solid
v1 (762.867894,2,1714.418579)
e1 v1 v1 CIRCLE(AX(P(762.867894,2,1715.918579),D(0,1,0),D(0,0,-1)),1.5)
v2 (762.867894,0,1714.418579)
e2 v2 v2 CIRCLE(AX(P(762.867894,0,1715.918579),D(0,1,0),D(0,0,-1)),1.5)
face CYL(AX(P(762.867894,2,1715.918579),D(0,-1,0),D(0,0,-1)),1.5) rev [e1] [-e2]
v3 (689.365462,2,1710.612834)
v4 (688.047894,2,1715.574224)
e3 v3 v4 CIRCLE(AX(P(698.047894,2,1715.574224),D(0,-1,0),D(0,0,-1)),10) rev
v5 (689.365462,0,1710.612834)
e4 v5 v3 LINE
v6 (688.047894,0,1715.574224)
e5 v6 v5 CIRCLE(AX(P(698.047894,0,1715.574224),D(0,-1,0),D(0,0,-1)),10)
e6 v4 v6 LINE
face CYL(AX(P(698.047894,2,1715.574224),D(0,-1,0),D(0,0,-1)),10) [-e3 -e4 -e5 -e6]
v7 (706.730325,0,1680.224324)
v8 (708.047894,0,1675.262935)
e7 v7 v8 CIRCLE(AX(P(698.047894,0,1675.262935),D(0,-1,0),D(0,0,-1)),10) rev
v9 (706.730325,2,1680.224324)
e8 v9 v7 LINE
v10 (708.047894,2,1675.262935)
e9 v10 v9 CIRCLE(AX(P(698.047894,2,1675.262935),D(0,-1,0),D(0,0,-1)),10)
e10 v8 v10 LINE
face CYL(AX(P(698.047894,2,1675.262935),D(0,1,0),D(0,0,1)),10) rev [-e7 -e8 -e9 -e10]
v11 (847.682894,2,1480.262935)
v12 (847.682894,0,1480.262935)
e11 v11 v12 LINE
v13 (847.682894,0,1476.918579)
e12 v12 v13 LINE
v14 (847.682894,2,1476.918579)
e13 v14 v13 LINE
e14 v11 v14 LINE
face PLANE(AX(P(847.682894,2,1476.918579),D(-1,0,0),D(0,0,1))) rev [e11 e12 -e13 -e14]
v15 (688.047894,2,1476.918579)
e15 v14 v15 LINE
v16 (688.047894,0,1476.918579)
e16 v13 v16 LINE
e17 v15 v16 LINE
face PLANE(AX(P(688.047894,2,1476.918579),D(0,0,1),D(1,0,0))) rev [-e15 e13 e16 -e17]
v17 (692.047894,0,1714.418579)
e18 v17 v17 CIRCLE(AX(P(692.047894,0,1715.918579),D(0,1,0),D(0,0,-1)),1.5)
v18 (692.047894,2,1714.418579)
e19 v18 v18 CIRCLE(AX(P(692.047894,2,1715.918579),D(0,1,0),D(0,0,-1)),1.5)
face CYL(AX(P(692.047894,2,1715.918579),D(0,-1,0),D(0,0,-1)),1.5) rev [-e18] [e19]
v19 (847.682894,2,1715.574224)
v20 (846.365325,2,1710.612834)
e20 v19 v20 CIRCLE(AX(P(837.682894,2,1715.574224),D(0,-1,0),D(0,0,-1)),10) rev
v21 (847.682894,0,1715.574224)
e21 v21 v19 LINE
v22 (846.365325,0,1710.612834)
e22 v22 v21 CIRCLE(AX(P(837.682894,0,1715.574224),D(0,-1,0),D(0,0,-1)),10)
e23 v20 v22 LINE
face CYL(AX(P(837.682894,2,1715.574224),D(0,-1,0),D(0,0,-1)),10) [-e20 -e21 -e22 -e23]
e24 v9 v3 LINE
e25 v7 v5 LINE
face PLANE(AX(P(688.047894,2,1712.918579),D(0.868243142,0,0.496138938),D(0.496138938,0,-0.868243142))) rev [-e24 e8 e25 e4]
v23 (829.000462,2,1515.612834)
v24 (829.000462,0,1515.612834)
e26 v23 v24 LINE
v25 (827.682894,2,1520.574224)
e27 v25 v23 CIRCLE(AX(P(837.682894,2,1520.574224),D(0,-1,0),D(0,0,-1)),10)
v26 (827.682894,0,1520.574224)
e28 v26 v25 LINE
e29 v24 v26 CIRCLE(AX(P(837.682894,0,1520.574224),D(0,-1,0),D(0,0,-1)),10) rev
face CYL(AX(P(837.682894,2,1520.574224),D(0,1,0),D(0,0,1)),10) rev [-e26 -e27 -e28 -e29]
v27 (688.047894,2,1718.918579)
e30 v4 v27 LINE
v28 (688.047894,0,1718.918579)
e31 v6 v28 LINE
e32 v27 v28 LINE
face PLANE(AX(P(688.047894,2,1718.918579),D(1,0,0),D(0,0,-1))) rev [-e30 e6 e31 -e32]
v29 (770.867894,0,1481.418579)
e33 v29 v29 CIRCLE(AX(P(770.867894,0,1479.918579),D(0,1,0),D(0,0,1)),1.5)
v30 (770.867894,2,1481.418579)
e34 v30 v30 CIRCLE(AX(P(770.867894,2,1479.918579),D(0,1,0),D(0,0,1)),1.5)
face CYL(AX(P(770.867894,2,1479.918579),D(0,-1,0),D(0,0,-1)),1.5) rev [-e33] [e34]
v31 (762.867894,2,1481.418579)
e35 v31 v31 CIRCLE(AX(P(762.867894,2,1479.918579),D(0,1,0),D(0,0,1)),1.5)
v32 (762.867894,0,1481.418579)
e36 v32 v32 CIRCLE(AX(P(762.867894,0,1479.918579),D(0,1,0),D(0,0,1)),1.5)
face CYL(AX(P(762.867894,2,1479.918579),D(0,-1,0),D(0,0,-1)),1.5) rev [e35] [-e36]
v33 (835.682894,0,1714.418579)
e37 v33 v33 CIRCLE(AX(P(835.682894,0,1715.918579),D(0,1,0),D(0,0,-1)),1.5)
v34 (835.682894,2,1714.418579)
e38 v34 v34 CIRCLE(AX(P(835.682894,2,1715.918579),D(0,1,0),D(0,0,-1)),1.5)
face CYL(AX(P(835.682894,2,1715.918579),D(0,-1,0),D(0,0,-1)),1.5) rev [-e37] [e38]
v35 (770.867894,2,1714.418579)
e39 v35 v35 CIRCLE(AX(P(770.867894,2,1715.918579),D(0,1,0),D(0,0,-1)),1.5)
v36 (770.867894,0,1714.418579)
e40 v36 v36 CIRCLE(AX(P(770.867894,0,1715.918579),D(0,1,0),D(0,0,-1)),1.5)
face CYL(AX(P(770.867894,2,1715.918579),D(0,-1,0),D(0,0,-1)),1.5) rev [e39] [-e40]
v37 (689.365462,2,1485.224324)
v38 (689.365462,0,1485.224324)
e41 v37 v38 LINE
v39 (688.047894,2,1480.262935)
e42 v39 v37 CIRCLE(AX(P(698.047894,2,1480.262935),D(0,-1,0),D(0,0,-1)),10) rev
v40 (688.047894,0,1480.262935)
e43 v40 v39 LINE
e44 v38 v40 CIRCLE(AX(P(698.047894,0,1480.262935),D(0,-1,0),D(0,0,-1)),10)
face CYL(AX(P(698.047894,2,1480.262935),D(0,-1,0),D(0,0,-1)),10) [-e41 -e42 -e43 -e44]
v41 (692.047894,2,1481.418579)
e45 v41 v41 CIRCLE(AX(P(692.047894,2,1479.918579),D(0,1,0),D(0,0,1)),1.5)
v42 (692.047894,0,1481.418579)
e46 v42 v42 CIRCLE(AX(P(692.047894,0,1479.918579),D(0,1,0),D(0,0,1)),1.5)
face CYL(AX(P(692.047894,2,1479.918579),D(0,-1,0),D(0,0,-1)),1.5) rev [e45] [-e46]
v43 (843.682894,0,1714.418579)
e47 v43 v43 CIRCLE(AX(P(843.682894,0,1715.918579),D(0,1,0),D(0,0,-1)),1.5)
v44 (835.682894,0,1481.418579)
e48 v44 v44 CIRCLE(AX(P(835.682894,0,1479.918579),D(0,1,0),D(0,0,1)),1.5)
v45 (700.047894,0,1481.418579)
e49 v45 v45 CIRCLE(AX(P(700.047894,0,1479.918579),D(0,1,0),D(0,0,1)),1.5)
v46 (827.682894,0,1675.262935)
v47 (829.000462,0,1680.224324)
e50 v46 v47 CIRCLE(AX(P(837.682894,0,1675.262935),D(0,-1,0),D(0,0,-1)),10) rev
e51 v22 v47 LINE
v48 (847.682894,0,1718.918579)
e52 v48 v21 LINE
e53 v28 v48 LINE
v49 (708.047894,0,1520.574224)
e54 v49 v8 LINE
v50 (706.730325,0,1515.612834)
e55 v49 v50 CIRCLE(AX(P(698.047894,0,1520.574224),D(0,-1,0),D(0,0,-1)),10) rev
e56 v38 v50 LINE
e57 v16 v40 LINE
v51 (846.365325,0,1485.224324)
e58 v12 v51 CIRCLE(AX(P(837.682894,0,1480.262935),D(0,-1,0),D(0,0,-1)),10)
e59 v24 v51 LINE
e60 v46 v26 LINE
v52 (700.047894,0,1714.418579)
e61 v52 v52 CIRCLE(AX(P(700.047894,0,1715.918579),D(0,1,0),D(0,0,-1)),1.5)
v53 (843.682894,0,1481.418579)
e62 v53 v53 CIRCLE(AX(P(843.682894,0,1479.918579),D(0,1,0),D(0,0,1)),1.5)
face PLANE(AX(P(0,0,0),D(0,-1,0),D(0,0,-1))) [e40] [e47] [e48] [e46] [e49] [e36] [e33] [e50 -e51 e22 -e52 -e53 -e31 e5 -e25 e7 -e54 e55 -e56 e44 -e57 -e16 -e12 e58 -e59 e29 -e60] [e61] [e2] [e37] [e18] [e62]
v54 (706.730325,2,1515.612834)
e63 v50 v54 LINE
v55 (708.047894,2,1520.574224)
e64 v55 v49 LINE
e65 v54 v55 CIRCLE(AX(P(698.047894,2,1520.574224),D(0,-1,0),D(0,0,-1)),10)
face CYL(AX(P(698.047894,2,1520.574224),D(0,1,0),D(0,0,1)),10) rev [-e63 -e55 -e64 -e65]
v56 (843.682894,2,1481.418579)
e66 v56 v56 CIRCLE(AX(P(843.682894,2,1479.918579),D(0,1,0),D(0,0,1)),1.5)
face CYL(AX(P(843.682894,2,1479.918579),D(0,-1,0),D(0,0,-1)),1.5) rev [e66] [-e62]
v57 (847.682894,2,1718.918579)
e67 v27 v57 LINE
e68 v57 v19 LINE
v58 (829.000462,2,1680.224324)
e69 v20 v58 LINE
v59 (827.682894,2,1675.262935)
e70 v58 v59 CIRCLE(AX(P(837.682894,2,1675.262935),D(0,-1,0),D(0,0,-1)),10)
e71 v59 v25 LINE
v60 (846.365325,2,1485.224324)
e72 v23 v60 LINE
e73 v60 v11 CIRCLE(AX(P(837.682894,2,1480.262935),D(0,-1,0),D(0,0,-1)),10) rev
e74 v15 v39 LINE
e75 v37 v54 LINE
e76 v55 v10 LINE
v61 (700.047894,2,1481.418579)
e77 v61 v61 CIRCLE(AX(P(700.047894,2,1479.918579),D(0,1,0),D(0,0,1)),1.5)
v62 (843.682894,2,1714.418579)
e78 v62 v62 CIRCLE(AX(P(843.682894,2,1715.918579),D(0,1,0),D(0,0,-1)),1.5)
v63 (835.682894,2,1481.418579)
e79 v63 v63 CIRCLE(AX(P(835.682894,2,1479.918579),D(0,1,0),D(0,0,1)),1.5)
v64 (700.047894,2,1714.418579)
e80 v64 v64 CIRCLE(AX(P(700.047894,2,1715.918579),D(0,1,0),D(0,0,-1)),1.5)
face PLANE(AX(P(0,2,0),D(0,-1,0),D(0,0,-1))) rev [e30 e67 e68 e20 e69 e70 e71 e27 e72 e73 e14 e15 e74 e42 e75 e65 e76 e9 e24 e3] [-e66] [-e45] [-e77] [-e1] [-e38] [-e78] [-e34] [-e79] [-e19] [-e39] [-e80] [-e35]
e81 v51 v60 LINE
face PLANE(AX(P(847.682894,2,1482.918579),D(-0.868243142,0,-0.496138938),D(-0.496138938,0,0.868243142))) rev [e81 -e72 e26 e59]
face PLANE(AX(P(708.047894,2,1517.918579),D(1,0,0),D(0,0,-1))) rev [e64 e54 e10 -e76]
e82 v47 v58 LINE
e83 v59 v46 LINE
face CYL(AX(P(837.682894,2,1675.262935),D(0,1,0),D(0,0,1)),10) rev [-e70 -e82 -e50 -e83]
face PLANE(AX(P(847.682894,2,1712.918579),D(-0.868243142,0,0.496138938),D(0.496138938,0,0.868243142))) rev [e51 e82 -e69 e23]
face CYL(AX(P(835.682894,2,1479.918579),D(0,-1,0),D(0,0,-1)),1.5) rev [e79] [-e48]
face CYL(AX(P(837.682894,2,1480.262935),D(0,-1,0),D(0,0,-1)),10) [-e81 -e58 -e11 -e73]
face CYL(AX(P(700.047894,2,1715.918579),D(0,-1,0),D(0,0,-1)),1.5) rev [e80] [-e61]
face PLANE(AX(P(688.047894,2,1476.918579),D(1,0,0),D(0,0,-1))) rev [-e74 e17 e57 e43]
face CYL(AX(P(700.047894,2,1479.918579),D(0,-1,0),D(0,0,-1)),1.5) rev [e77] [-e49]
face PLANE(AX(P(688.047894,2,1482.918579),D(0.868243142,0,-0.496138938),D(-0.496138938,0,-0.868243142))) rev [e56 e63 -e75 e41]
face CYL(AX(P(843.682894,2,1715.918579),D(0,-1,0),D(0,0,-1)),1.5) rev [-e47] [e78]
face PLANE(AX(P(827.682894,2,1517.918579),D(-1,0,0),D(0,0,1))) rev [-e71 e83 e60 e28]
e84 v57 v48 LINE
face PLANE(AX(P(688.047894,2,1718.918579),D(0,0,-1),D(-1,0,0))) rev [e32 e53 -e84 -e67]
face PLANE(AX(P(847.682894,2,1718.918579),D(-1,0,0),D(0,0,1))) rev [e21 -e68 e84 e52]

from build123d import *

# Parameters (mm, degrees)
SKETCH2_R           = 1.5
BOSS_EXTRUDE1_DEPTH = 2
FILLET1_R           = 10


with BuildPart() as part:
    # Sketch2 → Boss-Extrude1 (new body)
    with BuildSketch(Plane(origin=(0, 0, 0), x_dir=(1, 0, 0), z_dir=(0, 1, 0))):
        Polygon((688.047893911, -1476.918579287), (688.047893911, -1482.918579287), (708.047893911, -1517.918579287), (708.047893911, -1677.918579287), (688.047893911, -1712.918579287), (688.047893911, -1718.918579287), (847.682893911, -1718.918579287), (847.682893911, -1712.918579287), (827.682893911, -1677.918579287), (827.682893911, -1517.918579287), (847.682893911, -1482.918579287), (847.682893911, -1476.918579287), align=None)
        with Locations(Location((843.682893911, -1479.918579287, 0), (0, 0, 270))):
            Circle(SKETCH2_R, mode=Mode.SUBTRACT)
        with Locations(Location((835.682893911, -1479.918579287, 0), (0, 0, 270))):
            Circle(SKETCH2_R, mode=Mode.SUBTRACT)
        with Locations(Location((762.867893911, -1479.918579287, 0), (0, 0, 270))):
            Circle(SKETCH2_R, mode=Mode.SUBTRACT)
        with Locations(Location((770.867893911, -1479.918579287, 0), (0, 0, 270))):
            Circle(SKETCH2_R, mode=Mode.SUBTRACT)
        with Locations(Location((700.047893911, -1479.918579287, 0), (0, 0, 270))):
            Circle(SKETCH2_R, mode=Mode.SUBTRACT)
        with Locations(Location((692.047893911, -1479.918579287, 0), (0, 0, 270))):
            Circle(SKETCH2_R, mode=Mode.SUBTRACT)
        with Locations(Location((692.047893911, -1715.918579287, 0), (0, 0, 90))):
            Circle(SKETCH2_R, mode=Mode.SUBTRACT)
        with Locations(Location((700.047893911, -1715.918579287, 0), (0, 0, 90))):
            Circle(SKETCH2_R, mode=Mode.SUBTRACT)
        with Locations(Location((770.867893911, -1715.918579287, 0), (0, 0, 90))):
            Circle(SKETCH2_R, mode=Mode.SUBTRACT)
        with Locations(Location((762.867893911, -1715.918579287, 0), (0, 0, 90))):
            Circle(SKETCH2_R, mode=Mode.SUBTRACT)
        with Locations(Location((835.682893911, -1715.918579287, 0), (0, 0, 90))):
            Circle(SKETCH2_R, mode=Mode.SUBTRACT)
        with Locations(Location((843.682893911, -1715.918579287, 0), (0, 0, 90))):
            Circle(SKETCH2_R, mode=Mode.SUBTRACT)
    extrude(amount=BOSS_EXTRUDE1_DEPTH)

    # Fillet1
    fillet1_edges = [part.edges().sort_by_distance(p)[0] for p in [
        (847.682893911, 1, 1712.918579287),
        (688.047893911, 1, 1712.918579287),
        (708.047893911, 1, 1677.918579287),
        (708.047893911, 1, 1517.918579287),
        (688.047893911, 1, 1482.918579287),
        (847.682893911, 1, 1482.918579287),
        (827.682893911, 1, 1517.918579287),
        (827.682893911, 1, 1677.918579287),
    ]]
    fillet(fillet1_edges, radius=FILLET1_R)


solid = part.part
